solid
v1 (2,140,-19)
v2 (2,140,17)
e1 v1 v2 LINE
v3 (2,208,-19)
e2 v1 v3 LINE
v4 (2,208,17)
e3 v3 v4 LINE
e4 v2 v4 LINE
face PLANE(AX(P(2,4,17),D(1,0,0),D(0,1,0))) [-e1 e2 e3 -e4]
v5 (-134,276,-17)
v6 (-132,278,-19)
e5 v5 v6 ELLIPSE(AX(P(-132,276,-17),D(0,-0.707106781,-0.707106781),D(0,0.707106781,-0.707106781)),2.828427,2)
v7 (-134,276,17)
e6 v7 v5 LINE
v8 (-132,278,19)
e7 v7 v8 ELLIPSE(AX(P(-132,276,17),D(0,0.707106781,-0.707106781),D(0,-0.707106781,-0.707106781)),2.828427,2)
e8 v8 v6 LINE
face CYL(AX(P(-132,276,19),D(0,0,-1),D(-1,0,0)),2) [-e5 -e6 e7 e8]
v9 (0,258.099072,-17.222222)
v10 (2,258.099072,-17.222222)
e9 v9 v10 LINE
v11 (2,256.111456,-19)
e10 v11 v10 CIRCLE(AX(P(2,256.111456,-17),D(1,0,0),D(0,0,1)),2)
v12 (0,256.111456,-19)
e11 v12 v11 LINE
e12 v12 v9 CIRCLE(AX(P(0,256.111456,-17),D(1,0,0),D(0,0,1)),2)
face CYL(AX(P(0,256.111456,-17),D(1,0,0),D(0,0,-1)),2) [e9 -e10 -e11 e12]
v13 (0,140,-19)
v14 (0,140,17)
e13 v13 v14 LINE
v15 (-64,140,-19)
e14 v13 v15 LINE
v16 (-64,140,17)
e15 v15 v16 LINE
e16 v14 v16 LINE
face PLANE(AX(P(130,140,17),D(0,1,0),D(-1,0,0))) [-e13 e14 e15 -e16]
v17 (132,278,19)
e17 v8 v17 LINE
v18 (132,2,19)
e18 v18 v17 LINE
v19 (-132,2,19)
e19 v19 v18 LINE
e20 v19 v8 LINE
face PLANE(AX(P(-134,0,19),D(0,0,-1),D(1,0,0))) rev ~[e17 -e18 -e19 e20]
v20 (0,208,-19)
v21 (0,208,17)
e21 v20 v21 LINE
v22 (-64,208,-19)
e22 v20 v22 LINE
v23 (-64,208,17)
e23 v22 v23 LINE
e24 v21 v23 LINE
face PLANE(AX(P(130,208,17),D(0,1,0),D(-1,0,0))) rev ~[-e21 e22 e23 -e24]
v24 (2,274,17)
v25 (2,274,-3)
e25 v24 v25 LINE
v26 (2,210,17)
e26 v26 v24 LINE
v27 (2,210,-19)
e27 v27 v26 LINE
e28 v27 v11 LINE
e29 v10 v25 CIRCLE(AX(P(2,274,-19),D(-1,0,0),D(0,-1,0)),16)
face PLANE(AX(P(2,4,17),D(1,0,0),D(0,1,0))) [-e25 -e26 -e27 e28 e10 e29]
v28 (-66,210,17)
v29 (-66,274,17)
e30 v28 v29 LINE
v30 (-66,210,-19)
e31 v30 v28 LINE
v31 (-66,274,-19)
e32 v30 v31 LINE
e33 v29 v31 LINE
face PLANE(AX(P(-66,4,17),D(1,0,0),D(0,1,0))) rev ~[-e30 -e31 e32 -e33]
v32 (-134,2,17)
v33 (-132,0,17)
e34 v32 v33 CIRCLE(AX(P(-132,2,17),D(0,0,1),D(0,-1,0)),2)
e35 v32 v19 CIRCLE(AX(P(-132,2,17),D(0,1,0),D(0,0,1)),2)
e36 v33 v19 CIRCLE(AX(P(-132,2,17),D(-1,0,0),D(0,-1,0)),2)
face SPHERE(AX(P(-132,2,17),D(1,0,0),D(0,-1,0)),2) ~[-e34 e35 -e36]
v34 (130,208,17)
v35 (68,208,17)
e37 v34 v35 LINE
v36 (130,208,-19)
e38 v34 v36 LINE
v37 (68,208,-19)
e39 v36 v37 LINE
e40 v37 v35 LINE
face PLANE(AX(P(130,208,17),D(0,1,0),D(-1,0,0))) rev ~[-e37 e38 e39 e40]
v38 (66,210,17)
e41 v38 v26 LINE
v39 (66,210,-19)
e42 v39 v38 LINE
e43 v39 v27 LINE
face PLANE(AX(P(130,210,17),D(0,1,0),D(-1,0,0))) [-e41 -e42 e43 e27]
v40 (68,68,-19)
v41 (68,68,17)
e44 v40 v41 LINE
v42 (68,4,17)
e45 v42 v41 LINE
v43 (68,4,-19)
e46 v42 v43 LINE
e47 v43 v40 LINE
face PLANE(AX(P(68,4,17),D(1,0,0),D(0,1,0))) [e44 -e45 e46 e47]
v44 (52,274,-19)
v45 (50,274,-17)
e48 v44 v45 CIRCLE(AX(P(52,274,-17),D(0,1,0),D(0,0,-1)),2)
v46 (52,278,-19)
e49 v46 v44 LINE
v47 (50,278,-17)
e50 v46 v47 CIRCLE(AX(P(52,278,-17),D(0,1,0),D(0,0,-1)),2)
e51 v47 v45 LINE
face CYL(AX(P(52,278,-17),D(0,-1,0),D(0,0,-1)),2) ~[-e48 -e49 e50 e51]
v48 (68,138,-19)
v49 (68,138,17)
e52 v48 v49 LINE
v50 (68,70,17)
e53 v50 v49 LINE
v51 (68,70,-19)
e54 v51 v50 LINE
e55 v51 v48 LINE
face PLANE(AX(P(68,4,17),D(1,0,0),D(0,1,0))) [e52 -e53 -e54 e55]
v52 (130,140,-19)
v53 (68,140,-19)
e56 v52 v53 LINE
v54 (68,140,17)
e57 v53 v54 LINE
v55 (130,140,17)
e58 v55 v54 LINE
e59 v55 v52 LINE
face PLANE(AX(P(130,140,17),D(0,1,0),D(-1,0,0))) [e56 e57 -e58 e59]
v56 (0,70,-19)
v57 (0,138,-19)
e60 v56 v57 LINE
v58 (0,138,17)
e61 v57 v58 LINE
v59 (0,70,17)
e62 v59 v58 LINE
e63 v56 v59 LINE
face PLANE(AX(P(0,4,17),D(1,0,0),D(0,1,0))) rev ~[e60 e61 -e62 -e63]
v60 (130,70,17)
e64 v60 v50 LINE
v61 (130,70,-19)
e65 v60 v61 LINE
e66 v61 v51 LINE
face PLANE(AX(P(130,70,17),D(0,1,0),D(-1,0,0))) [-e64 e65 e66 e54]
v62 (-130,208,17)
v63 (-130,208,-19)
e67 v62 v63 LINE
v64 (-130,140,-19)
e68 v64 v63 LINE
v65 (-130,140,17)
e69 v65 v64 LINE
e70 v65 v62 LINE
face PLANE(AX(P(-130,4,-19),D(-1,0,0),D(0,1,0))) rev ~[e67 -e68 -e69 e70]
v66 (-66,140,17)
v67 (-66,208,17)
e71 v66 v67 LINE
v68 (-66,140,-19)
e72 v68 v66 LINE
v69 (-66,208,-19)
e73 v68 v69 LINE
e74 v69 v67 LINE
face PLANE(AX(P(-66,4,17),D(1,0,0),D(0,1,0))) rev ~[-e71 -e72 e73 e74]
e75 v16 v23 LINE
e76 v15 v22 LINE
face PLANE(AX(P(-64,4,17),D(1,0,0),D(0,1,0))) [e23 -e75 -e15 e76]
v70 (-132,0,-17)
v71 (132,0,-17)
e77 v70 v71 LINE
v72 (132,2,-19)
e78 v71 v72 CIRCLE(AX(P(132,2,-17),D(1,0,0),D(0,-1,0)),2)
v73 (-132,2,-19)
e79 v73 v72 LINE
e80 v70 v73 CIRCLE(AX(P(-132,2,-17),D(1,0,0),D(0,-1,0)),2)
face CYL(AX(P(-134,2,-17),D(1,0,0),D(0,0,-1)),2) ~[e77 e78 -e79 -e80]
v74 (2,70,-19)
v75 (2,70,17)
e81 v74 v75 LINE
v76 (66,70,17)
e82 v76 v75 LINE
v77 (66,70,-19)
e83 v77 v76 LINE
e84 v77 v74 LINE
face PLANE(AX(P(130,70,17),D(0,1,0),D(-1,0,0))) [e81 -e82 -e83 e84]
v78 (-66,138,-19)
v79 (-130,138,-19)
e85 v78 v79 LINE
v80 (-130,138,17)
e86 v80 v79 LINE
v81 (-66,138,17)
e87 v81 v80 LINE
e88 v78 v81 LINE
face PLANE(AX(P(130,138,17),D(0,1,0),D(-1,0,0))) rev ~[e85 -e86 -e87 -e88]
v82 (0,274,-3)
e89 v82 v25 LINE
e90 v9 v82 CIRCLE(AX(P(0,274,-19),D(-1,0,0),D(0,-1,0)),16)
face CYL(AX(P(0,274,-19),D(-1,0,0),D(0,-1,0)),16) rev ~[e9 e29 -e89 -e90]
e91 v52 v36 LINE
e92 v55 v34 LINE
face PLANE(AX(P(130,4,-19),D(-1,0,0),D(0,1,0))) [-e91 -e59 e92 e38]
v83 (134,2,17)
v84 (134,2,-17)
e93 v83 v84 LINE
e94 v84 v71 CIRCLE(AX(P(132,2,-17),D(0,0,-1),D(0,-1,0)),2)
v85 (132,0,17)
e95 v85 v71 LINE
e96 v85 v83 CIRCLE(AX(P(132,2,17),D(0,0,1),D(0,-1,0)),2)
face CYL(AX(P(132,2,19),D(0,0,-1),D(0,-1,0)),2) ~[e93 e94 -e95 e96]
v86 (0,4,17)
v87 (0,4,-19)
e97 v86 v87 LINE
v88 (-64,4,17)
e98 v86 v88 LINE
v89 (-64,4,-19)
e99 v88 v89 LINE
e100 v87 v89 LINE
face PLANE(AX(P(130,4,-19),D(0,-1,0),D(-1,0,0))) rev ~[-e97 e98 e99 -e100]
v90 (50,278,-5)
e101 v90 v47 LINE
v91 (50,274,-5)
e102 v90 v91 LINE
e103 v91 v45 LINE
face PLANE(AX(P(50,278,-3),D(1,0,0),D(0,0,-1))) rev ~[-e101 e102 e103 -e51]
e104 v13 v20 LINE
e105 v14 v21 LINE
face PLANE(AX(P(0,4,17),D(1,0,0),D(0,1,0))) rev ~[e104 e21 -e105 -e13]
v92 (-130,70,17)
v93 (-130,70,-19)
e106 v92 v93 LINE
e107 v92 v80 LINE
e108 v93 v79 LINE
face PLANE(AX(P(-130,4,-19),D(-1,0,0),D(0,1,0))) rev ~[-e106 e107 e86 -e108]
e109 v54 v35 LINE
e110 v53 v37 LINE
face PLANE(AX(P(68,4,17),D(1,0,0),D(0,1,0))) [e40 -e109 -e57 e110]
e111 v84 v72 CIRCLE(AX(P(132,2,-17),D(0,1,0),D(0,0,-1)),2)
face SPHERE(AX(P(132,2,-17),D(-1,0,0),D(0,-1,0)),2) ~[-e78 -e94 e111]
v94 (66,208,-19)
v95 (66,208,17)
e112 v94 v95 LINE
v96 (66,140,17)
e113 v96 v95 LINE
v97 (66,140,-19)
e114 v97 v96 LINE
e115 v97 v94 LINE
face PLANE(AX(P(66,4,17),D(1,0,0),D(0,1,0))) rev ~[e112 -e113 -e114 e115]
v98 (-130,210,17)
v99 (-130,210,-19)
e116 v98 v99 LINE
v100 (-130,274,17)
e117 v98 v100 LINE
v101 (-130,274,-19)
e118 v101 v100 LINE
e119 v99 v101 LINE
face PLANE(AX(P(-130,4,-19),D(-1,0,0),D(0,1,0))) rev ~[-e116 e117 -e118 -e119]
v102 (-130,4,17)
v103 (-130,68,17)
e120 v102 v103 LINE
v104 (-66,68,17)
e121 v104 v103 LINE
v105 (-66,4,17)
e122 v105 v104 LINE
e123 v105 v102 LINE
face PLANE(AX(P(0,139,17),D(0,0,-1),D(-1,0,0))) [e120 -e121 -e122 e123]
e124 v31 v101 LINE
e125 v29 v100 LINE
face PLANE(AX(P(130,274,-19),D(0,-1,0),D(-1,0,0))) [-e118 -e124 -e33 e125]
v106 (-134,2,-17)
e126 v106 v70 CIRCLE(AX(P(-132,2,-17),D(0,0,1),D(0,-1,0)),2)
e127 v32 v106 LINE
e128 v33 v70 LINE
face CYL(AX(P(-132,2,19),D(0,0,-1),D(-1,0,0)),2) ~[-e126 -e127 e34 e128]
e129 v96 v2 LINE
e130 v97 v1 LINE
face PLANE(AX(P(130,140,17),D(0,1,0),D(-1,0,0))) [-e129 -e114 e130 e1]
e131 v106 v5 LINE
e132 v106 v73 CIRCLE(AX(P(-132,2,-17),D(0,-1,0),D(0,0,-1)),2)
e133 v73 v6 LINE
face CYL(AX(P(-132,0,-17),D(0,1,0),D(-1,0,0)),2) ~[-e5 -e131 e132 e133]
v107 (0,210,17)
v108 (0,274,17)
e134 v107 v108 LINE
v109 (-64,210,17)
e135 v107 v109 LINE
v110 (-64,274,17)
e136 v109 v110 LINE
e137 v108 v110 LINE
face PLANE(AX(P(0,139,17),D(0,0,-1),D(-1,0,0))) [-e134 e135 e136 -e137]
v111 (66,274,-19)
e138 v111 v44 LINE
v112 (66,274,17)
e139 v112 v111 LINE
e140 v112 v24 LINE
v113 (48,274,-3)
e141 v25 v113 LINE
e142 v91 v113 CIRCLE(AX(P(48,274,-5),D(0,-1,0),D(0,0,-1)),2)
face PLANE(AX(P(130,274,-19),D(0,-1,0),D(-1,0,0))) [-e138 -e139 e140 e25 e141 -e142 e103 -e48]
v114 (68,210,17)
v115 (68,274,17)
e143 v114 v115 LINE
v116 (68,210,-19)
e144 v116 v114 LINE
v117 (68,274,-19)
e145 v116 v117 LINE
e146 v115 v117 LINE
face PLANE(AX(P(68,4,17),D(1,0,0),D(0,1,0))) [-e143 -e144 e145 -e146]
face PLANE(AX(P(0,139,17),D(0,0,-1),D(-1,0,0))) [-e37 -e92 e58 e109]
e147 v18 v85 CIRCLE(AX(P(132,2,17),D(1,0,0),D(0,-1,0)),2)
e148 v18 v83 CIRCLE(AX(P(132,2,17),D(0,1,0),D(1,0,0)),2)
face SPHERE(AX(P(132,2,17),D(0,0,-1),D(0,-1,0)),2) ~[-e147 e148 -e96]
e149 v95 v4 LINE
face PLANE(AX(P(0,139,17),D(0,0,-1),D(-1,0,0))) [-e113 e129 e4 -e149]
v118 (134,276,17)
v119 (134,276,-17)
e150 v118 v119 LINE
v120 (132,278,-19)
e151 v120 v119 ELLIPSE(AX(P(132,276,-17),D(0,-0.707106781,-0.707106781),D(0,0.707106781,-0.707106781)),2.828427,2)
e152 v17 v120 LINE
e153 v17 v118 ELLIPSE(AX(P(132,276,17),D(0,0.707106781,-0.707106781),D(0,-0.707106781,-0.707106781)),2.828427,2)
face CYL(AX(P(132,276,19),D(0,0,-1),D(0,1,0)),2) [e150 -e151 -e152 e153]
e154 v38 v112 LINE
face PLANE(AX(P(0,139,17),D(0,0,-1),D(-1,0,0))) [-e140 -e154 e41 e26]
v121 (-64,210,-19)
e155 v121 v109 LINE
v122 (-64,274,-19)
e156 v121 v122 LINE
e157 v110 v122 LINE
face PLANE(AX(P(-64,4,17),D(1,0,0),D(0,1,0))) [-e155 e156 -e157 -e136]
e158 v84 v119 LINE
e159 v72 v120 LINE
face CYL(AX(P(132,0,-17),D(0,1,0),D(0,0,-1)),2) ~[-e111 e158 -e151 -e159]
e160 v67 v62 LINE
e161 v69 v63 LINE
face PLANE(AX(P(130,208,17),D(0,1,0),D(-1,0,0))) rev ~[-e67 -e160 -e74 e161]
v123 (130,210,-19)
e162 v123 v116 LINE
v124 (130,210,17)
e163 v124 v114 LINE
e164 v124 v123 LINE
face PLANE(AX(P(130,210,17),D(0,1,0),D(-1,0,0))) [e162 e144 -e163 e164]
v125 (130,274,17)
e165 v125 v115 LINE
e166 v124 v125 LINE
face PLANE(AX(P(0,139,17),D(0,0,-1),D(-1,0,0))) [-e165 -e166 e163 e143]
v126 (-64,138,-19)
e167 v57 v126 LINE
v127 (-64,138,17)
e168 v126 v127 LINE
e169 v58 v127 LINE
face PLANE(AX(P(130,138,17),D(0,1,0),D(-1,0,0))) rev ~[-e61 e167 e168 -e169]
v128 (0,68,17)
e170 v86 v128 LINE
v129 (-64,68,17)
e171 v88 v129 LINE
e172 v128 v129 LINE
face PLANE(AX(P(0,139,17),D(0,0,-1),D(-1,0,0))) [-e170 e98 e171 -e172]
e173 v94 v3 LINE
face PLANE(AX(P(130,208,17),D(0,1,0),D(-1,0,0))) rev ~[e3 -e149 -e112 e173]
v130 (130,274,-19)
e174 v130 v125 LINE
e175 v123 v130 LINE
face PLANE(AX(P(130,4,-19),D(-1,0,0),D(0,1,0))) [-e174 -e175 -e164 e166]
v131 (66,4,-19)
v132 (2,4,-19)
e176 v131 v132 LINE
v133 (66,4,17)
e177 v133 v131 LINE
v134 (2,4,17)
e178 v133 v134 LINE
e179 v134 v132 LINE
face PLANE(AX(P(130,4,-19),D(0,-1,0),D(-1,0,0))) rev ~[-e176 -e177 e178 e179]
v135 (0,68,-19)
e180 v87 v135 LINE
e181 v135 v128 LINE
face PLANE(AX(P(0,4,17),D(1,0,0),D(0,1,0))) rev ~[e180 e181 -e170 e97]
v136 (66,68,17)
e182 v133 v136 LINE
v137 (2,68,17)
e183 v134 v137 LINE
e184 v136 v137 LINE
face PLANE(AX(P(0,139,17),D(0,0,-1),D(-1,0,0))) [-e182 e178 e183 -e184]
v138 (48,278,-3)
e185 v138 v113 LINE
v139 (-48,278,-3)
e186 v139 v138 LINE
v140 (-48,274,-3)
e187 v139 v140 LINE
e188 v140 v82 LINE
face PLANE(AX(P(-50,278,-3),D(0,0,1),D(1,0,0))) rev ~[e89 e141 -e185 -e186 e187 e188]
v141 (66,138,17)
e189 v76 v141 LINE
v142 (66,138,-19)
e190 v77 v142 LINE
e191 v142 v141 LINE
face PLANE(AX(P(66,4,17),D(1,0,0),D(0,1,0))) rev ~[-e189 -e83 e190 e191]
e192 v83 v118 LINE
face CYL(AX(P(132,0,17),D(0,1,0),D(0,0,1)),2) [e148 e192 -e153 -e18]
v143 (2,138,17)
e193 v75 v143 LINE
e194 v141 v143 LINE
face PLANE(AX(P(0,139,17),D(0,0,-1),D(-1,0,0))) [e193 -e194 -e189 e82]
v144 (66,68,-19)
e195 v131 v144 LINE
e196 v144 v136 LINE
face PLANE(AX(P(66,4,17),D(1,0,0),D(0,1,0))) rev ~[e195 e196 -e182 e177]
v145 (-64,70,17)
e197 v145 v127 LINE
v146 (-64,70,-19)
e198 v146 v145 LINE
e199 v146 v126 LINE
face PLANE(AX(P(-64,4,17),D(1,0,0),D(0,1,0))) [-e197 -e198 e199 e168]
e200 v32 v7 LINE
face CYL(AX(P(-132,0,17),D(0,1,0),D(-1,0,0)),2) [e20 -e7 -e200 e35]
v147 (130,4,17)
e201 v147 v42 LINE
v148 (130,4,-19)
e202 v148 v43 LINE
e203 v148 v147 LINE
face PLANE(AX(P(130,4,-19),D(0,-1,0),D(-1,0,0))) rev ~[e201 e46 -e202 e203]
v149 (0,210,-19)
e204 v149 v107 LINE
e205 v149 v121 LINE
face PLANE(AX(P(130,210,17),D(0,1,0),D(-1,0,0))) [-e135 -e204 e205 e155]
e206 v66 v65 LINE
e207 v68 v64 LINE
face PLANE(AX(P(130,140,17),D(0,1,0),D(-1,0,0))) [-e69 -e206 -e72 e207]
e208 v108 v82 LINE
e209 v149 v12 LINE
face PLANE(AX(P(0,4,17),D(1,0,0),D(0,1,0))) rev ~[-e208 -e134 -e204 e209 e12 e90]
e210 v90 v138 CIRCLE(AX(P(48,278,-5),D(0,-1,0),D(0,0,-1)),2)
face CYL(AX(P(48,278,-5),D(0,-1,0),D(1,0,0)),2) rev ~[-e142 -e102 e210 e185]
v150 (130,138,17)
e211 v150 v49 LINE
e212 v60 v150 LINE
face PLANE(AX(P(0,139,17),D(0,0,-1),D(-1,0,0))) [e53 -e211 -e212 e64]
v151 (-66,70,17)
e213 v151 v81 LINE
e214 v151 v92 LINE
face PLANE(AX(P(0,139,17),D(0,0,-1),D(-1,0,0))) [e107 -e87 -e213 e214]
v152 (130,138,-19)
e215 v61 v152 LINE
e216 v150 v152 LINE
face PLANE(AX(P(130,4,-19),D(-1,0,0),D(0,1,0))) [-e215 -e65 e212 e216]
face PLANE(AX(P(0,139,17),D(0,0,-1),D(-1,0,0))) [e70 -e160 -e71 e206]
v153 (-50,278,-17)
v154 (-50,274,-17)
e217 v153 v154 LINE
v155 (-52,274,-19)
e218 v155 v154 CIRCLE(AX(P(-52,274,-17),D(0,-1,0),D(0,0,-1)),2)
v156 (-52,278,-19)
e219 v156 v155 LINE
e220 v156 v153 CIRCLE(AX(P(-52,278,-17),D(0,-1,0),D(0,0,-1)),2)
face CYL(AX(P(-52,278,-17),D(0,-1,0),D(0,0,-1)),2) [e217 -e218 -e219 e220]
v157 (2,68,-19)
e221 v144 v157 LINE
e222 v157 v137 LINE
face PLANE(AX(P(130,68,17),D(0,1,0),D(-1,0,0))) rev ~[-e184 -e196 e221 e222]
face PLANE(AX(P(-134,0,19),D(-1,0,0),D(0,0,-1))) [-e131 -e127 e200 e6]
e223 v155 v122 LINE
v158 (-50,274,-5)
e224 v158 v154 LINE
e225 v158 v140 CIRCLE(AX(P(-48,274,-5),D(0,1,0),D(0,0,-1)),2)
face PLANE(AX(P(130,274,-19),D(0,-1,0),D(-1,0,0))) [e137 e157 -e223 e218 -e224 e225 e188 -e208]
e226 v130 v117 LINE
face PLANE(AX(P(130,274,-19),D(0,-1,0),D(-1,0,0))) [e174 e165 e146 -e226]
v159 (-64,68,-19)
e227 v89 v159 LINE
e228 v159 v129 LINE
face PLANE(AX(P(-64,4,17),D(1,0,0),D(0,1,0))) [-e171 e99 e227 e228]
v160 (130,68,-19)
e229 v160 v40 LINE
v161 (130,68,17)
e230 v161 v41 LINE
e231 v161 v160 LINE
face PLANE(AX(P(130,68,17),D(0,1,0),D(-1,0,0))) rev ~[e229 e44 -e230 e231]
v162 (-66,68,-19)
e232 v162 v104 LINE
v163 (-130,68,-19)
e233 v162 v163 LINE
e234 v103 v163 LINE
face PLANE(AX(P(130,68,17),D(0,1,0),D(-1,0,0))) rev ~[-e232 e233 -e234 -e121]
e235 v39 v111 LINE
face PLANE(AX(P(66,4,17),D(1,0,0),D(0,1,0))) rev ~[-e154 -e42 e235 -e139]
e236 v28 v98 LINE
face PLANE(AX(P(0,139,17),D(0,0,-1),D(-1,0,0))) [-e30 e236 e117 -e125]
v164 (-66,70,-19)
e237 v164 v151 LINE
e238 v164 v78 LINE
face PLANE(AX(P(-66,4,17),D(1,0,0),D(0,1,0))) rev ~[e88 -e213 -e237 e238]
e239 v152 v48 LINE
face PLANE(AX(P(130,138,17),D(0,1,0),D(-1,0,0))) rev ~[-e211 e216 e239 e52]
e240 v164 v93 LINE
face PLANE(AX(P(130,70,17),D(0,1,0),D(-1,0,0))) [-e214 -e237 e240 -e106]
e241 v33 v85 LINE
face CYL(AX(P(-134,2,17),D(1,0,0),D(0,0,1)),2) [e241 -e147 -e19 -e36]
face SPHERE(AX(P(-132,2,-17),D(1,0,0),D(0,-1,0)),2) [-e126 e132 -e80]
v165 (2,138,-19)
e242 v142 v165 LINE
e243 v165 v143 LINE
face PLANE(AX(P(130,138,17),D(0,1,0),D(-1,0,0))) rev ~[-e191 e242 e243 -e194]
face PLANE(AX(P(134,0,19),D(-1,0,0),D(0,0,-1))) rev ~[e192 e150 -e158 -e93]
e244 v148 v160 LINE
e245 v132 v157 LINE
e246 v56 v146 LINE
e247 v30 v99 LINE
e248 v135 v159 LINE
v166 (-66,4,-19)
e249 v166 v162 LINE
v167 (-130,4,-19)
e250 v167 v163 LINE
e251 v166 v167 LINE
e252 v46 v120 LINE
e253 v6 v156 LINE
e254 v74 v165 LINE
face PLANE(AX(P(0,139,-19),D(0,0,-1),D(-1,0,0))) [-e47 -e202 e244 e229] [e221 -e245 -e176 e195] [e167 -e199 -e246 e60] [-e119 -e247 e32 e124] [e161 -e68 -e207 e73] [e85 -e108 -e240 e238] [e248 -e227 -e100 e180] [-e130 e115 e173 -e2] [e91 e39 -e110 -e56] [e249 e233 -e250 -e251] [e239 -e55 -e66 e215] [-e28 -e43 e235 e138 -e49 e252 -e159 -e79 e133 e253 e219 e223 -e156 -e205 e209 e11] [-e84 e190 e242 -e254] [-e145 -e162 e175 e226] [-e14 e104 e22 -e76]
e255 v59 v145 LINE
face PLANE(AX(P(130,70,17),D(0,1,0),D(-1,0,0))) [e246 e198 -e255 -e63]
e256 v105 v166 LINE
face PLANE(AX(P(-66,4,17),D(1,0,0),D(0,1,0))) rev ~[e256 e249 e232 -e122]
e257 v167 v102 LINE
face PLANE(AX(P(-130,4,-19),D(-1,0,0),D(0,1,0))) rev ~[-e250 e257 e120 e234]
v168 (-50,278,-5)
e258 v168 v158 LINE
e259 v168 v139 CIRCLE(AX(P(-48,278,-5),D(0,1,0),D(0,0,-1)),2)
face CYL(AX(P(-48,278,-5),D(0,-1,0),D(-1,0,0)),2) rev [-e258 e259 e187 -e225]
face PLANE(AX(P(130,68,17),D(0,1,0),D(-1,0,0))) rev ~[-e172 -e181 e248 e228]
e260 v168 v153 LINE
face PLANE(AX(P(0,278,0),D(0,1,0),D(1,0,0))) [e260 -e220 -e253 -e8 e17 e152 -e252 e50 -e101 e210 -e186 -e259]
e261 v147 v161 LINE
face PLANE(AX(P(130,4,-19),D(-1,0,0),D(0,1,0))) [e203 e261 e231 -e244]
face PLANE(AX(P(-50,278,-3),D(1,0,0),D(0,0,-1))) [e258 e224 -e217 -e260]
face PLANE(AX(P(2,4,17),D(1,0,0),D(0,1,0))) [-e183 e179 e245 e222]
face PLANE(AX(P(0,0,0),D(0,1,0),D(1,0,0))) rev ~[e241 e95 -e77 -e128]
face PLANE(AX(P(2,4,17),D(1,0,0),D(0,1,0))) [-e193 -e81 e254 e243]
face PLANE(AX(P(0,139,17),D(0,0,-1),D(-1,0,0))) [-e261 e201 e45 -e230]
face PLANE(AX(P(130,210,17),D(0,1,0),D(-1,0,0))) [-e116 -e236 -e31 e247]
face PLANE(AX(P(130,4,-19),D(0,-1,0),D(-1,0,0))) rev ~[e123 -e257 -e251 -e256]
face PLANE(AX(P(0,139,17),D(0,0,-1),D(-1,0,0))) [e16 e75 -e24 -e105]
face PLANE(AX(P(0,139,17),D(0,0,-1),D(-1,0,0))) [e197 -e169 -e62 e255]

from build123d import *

# Parameters (mm, degrees)
SKETCH_1_W             = 268
SKETCH_1_H             = 38
EXTRUDE_1_DEPTH        = 278
SKETCH_2_W             = 260
SKETCH_2_H             = 270
CUT_EXTRUDE_1_DEPTH    = 36
CUT_EXTRUDE_2_REACH    = 311.194
SKETCH_3_W             = 100
SKETCH_3_H             = 16
FILLET_1_R             = 2
SKETCH_4_W             = 2
SKETCH_4_H             = 270
EXTRUDE_2_DEPTH        = 36
PATTERN_LINEAR_1_COUNT = 3
PATTERN_LINEAR_1_PITCH = 66
SKETCH_5_W             = 260
SKETCH_5_H             = 2
EXTRUDE_3_DEPTH        = 36
CUT_EXTRUDE_4_DEPTH    = 2
FILLET_2_R             = 2
PATTERN_LINEAR_2_COUNT = 3
PATTERN_LINEAR_2_PITCH = 70


with BuildPart() as part:
    # 草图1 → 凸台-拉伸1 (new body)
    with BuildSketch(Plane(origin=(0, 0, 0), x_dir=(1, 0, 0), z_dir=(0, 1, 0))):
        Rectangle(SKETCH_1_W, SKETCH_1_H)
    extrude(amount=EXTRUDE_1_DEPTH)

    # 草图2 → 切除-拉伸1 (cut)
    with BuildSketch(Plane(origin=(0, 0, -19), x_dir=(-1, 0, 0), z_dir=(0, 0, -1))):
        with Locations((0, 139)):
            Rectangle(SKETCH_2_W, SKETCH_2_H)
    extrude(amount=-CUT_EXTRUDE_1_DEPTH, mode=Mode.SUBTRACT)

    # 草图3 → 切除-拉伸2 (cut, up to next)
    with BuildSketch(Plane(origin=(0, 278, 0), x_dir=(1, 0, 0), z_dir=(0, 1, 0)), mode=Mode.PRIVATE) as cut_extrude_2_sk1:
        with Locations((0, 11)):
            Rectangle(SKETCH_3_W, SKETCH_3_H)
    cut_extrude_2_tool1 = extrude(cut_extrude_2_sk1.sketch, amount=-CUT_EXTRUDE_2_REACH, mode=Mode.PRIVATE) & part.part
    add(cut_extrude_2_tool1.solids().sort_by_distance((0, 278, -11))[0], mode=Mode.SUBTRACT)

    # 圆角1
    fillet_1_edges = [part.edges().sort_by_distance(p)[0] for p in [
        (134, 278, 0),
        (-50, 276, -3),
        (-50, 276, -19),
        (50, 276, -19),
        (50, 276, -3),
        (-134, 278, 0),
        (0, 0, -19),
        (134, 0, 0),
        (0, 0, 19),
        (-134, 0, 0),
        (-134, 139, -19),
        (134, 139, -19),
        (134, 139, 19),
        (-134, 139, 19),
    ]]
    fillet(fillet_1_edges, radius=FILLET_1_R)

    # 草图4 → 凸台-拉伸2 (add)
    with BuildSketch(Plane(origin=(0, 0, 17), x_dir=(-1, 0, 0), z_dir=(0, 0, -1))):
        with Locations((-67, 139)):
            Rectangle(SKETCH_4_W, SKETCH_4_H)
    extrude_2 = extrude(amount=EXTRUDE_2_DEPTH)

    # 阵列(线性)1: 凸台-拉伸2 ×3
    with Locations(*[(-i * PATTERN_LINEAR_1_PITCH, 0, 0) for i in range(1, PATTERN_LINEAR_1_COUNT)]):
        add(extrude_2)

    # 草图5 → 凸台-拉伸3 (add)
    with BuildSketch(Plane(origin=(0, 0, 17), x_dir=(-1, 0, 0), z_dir=(0, 0, -1))):
        with Locations((0, 209)):
            Rectangle(SKETCH_5_W, SKETCH_5_H)
    extrude_3 = extrude(amount=EXTRUDE_3_DEPTH)

    # 草图7 → 切除-拉伸4 (cut)
    with BuildSketch(Plane.ZY):
        with BuildLine():
            Line((-19, 274), (-19, 258))
            ThreePointArc((-19, 258), (-7.686291501, 262.686291501), (-3, 274))
            Line((-3, 274), (-19, 274))
        make_face()
    extrude(amount=-CUT_EXTRUDE_4_DEPTH, mode=Mode.SUBTRACT)

    # 圆角2
    fillet_2_edges = [part.edges().sort_by_distance(p)[0] for p in [
        (1, 258, -19),
    ]]
    fillet(fillet_2_edges, radius=FILLET_2_R)

    # 阵列(线性)2: 凸台-拉伸3 ×3
    with Locations(*[(0, -i * PATTERN_LINEAR_2_PITCH, 0) for i in range(1, PATTERN_LINEAR_2_COUNT)]):
        add(extrude_3)


solid = part.part
